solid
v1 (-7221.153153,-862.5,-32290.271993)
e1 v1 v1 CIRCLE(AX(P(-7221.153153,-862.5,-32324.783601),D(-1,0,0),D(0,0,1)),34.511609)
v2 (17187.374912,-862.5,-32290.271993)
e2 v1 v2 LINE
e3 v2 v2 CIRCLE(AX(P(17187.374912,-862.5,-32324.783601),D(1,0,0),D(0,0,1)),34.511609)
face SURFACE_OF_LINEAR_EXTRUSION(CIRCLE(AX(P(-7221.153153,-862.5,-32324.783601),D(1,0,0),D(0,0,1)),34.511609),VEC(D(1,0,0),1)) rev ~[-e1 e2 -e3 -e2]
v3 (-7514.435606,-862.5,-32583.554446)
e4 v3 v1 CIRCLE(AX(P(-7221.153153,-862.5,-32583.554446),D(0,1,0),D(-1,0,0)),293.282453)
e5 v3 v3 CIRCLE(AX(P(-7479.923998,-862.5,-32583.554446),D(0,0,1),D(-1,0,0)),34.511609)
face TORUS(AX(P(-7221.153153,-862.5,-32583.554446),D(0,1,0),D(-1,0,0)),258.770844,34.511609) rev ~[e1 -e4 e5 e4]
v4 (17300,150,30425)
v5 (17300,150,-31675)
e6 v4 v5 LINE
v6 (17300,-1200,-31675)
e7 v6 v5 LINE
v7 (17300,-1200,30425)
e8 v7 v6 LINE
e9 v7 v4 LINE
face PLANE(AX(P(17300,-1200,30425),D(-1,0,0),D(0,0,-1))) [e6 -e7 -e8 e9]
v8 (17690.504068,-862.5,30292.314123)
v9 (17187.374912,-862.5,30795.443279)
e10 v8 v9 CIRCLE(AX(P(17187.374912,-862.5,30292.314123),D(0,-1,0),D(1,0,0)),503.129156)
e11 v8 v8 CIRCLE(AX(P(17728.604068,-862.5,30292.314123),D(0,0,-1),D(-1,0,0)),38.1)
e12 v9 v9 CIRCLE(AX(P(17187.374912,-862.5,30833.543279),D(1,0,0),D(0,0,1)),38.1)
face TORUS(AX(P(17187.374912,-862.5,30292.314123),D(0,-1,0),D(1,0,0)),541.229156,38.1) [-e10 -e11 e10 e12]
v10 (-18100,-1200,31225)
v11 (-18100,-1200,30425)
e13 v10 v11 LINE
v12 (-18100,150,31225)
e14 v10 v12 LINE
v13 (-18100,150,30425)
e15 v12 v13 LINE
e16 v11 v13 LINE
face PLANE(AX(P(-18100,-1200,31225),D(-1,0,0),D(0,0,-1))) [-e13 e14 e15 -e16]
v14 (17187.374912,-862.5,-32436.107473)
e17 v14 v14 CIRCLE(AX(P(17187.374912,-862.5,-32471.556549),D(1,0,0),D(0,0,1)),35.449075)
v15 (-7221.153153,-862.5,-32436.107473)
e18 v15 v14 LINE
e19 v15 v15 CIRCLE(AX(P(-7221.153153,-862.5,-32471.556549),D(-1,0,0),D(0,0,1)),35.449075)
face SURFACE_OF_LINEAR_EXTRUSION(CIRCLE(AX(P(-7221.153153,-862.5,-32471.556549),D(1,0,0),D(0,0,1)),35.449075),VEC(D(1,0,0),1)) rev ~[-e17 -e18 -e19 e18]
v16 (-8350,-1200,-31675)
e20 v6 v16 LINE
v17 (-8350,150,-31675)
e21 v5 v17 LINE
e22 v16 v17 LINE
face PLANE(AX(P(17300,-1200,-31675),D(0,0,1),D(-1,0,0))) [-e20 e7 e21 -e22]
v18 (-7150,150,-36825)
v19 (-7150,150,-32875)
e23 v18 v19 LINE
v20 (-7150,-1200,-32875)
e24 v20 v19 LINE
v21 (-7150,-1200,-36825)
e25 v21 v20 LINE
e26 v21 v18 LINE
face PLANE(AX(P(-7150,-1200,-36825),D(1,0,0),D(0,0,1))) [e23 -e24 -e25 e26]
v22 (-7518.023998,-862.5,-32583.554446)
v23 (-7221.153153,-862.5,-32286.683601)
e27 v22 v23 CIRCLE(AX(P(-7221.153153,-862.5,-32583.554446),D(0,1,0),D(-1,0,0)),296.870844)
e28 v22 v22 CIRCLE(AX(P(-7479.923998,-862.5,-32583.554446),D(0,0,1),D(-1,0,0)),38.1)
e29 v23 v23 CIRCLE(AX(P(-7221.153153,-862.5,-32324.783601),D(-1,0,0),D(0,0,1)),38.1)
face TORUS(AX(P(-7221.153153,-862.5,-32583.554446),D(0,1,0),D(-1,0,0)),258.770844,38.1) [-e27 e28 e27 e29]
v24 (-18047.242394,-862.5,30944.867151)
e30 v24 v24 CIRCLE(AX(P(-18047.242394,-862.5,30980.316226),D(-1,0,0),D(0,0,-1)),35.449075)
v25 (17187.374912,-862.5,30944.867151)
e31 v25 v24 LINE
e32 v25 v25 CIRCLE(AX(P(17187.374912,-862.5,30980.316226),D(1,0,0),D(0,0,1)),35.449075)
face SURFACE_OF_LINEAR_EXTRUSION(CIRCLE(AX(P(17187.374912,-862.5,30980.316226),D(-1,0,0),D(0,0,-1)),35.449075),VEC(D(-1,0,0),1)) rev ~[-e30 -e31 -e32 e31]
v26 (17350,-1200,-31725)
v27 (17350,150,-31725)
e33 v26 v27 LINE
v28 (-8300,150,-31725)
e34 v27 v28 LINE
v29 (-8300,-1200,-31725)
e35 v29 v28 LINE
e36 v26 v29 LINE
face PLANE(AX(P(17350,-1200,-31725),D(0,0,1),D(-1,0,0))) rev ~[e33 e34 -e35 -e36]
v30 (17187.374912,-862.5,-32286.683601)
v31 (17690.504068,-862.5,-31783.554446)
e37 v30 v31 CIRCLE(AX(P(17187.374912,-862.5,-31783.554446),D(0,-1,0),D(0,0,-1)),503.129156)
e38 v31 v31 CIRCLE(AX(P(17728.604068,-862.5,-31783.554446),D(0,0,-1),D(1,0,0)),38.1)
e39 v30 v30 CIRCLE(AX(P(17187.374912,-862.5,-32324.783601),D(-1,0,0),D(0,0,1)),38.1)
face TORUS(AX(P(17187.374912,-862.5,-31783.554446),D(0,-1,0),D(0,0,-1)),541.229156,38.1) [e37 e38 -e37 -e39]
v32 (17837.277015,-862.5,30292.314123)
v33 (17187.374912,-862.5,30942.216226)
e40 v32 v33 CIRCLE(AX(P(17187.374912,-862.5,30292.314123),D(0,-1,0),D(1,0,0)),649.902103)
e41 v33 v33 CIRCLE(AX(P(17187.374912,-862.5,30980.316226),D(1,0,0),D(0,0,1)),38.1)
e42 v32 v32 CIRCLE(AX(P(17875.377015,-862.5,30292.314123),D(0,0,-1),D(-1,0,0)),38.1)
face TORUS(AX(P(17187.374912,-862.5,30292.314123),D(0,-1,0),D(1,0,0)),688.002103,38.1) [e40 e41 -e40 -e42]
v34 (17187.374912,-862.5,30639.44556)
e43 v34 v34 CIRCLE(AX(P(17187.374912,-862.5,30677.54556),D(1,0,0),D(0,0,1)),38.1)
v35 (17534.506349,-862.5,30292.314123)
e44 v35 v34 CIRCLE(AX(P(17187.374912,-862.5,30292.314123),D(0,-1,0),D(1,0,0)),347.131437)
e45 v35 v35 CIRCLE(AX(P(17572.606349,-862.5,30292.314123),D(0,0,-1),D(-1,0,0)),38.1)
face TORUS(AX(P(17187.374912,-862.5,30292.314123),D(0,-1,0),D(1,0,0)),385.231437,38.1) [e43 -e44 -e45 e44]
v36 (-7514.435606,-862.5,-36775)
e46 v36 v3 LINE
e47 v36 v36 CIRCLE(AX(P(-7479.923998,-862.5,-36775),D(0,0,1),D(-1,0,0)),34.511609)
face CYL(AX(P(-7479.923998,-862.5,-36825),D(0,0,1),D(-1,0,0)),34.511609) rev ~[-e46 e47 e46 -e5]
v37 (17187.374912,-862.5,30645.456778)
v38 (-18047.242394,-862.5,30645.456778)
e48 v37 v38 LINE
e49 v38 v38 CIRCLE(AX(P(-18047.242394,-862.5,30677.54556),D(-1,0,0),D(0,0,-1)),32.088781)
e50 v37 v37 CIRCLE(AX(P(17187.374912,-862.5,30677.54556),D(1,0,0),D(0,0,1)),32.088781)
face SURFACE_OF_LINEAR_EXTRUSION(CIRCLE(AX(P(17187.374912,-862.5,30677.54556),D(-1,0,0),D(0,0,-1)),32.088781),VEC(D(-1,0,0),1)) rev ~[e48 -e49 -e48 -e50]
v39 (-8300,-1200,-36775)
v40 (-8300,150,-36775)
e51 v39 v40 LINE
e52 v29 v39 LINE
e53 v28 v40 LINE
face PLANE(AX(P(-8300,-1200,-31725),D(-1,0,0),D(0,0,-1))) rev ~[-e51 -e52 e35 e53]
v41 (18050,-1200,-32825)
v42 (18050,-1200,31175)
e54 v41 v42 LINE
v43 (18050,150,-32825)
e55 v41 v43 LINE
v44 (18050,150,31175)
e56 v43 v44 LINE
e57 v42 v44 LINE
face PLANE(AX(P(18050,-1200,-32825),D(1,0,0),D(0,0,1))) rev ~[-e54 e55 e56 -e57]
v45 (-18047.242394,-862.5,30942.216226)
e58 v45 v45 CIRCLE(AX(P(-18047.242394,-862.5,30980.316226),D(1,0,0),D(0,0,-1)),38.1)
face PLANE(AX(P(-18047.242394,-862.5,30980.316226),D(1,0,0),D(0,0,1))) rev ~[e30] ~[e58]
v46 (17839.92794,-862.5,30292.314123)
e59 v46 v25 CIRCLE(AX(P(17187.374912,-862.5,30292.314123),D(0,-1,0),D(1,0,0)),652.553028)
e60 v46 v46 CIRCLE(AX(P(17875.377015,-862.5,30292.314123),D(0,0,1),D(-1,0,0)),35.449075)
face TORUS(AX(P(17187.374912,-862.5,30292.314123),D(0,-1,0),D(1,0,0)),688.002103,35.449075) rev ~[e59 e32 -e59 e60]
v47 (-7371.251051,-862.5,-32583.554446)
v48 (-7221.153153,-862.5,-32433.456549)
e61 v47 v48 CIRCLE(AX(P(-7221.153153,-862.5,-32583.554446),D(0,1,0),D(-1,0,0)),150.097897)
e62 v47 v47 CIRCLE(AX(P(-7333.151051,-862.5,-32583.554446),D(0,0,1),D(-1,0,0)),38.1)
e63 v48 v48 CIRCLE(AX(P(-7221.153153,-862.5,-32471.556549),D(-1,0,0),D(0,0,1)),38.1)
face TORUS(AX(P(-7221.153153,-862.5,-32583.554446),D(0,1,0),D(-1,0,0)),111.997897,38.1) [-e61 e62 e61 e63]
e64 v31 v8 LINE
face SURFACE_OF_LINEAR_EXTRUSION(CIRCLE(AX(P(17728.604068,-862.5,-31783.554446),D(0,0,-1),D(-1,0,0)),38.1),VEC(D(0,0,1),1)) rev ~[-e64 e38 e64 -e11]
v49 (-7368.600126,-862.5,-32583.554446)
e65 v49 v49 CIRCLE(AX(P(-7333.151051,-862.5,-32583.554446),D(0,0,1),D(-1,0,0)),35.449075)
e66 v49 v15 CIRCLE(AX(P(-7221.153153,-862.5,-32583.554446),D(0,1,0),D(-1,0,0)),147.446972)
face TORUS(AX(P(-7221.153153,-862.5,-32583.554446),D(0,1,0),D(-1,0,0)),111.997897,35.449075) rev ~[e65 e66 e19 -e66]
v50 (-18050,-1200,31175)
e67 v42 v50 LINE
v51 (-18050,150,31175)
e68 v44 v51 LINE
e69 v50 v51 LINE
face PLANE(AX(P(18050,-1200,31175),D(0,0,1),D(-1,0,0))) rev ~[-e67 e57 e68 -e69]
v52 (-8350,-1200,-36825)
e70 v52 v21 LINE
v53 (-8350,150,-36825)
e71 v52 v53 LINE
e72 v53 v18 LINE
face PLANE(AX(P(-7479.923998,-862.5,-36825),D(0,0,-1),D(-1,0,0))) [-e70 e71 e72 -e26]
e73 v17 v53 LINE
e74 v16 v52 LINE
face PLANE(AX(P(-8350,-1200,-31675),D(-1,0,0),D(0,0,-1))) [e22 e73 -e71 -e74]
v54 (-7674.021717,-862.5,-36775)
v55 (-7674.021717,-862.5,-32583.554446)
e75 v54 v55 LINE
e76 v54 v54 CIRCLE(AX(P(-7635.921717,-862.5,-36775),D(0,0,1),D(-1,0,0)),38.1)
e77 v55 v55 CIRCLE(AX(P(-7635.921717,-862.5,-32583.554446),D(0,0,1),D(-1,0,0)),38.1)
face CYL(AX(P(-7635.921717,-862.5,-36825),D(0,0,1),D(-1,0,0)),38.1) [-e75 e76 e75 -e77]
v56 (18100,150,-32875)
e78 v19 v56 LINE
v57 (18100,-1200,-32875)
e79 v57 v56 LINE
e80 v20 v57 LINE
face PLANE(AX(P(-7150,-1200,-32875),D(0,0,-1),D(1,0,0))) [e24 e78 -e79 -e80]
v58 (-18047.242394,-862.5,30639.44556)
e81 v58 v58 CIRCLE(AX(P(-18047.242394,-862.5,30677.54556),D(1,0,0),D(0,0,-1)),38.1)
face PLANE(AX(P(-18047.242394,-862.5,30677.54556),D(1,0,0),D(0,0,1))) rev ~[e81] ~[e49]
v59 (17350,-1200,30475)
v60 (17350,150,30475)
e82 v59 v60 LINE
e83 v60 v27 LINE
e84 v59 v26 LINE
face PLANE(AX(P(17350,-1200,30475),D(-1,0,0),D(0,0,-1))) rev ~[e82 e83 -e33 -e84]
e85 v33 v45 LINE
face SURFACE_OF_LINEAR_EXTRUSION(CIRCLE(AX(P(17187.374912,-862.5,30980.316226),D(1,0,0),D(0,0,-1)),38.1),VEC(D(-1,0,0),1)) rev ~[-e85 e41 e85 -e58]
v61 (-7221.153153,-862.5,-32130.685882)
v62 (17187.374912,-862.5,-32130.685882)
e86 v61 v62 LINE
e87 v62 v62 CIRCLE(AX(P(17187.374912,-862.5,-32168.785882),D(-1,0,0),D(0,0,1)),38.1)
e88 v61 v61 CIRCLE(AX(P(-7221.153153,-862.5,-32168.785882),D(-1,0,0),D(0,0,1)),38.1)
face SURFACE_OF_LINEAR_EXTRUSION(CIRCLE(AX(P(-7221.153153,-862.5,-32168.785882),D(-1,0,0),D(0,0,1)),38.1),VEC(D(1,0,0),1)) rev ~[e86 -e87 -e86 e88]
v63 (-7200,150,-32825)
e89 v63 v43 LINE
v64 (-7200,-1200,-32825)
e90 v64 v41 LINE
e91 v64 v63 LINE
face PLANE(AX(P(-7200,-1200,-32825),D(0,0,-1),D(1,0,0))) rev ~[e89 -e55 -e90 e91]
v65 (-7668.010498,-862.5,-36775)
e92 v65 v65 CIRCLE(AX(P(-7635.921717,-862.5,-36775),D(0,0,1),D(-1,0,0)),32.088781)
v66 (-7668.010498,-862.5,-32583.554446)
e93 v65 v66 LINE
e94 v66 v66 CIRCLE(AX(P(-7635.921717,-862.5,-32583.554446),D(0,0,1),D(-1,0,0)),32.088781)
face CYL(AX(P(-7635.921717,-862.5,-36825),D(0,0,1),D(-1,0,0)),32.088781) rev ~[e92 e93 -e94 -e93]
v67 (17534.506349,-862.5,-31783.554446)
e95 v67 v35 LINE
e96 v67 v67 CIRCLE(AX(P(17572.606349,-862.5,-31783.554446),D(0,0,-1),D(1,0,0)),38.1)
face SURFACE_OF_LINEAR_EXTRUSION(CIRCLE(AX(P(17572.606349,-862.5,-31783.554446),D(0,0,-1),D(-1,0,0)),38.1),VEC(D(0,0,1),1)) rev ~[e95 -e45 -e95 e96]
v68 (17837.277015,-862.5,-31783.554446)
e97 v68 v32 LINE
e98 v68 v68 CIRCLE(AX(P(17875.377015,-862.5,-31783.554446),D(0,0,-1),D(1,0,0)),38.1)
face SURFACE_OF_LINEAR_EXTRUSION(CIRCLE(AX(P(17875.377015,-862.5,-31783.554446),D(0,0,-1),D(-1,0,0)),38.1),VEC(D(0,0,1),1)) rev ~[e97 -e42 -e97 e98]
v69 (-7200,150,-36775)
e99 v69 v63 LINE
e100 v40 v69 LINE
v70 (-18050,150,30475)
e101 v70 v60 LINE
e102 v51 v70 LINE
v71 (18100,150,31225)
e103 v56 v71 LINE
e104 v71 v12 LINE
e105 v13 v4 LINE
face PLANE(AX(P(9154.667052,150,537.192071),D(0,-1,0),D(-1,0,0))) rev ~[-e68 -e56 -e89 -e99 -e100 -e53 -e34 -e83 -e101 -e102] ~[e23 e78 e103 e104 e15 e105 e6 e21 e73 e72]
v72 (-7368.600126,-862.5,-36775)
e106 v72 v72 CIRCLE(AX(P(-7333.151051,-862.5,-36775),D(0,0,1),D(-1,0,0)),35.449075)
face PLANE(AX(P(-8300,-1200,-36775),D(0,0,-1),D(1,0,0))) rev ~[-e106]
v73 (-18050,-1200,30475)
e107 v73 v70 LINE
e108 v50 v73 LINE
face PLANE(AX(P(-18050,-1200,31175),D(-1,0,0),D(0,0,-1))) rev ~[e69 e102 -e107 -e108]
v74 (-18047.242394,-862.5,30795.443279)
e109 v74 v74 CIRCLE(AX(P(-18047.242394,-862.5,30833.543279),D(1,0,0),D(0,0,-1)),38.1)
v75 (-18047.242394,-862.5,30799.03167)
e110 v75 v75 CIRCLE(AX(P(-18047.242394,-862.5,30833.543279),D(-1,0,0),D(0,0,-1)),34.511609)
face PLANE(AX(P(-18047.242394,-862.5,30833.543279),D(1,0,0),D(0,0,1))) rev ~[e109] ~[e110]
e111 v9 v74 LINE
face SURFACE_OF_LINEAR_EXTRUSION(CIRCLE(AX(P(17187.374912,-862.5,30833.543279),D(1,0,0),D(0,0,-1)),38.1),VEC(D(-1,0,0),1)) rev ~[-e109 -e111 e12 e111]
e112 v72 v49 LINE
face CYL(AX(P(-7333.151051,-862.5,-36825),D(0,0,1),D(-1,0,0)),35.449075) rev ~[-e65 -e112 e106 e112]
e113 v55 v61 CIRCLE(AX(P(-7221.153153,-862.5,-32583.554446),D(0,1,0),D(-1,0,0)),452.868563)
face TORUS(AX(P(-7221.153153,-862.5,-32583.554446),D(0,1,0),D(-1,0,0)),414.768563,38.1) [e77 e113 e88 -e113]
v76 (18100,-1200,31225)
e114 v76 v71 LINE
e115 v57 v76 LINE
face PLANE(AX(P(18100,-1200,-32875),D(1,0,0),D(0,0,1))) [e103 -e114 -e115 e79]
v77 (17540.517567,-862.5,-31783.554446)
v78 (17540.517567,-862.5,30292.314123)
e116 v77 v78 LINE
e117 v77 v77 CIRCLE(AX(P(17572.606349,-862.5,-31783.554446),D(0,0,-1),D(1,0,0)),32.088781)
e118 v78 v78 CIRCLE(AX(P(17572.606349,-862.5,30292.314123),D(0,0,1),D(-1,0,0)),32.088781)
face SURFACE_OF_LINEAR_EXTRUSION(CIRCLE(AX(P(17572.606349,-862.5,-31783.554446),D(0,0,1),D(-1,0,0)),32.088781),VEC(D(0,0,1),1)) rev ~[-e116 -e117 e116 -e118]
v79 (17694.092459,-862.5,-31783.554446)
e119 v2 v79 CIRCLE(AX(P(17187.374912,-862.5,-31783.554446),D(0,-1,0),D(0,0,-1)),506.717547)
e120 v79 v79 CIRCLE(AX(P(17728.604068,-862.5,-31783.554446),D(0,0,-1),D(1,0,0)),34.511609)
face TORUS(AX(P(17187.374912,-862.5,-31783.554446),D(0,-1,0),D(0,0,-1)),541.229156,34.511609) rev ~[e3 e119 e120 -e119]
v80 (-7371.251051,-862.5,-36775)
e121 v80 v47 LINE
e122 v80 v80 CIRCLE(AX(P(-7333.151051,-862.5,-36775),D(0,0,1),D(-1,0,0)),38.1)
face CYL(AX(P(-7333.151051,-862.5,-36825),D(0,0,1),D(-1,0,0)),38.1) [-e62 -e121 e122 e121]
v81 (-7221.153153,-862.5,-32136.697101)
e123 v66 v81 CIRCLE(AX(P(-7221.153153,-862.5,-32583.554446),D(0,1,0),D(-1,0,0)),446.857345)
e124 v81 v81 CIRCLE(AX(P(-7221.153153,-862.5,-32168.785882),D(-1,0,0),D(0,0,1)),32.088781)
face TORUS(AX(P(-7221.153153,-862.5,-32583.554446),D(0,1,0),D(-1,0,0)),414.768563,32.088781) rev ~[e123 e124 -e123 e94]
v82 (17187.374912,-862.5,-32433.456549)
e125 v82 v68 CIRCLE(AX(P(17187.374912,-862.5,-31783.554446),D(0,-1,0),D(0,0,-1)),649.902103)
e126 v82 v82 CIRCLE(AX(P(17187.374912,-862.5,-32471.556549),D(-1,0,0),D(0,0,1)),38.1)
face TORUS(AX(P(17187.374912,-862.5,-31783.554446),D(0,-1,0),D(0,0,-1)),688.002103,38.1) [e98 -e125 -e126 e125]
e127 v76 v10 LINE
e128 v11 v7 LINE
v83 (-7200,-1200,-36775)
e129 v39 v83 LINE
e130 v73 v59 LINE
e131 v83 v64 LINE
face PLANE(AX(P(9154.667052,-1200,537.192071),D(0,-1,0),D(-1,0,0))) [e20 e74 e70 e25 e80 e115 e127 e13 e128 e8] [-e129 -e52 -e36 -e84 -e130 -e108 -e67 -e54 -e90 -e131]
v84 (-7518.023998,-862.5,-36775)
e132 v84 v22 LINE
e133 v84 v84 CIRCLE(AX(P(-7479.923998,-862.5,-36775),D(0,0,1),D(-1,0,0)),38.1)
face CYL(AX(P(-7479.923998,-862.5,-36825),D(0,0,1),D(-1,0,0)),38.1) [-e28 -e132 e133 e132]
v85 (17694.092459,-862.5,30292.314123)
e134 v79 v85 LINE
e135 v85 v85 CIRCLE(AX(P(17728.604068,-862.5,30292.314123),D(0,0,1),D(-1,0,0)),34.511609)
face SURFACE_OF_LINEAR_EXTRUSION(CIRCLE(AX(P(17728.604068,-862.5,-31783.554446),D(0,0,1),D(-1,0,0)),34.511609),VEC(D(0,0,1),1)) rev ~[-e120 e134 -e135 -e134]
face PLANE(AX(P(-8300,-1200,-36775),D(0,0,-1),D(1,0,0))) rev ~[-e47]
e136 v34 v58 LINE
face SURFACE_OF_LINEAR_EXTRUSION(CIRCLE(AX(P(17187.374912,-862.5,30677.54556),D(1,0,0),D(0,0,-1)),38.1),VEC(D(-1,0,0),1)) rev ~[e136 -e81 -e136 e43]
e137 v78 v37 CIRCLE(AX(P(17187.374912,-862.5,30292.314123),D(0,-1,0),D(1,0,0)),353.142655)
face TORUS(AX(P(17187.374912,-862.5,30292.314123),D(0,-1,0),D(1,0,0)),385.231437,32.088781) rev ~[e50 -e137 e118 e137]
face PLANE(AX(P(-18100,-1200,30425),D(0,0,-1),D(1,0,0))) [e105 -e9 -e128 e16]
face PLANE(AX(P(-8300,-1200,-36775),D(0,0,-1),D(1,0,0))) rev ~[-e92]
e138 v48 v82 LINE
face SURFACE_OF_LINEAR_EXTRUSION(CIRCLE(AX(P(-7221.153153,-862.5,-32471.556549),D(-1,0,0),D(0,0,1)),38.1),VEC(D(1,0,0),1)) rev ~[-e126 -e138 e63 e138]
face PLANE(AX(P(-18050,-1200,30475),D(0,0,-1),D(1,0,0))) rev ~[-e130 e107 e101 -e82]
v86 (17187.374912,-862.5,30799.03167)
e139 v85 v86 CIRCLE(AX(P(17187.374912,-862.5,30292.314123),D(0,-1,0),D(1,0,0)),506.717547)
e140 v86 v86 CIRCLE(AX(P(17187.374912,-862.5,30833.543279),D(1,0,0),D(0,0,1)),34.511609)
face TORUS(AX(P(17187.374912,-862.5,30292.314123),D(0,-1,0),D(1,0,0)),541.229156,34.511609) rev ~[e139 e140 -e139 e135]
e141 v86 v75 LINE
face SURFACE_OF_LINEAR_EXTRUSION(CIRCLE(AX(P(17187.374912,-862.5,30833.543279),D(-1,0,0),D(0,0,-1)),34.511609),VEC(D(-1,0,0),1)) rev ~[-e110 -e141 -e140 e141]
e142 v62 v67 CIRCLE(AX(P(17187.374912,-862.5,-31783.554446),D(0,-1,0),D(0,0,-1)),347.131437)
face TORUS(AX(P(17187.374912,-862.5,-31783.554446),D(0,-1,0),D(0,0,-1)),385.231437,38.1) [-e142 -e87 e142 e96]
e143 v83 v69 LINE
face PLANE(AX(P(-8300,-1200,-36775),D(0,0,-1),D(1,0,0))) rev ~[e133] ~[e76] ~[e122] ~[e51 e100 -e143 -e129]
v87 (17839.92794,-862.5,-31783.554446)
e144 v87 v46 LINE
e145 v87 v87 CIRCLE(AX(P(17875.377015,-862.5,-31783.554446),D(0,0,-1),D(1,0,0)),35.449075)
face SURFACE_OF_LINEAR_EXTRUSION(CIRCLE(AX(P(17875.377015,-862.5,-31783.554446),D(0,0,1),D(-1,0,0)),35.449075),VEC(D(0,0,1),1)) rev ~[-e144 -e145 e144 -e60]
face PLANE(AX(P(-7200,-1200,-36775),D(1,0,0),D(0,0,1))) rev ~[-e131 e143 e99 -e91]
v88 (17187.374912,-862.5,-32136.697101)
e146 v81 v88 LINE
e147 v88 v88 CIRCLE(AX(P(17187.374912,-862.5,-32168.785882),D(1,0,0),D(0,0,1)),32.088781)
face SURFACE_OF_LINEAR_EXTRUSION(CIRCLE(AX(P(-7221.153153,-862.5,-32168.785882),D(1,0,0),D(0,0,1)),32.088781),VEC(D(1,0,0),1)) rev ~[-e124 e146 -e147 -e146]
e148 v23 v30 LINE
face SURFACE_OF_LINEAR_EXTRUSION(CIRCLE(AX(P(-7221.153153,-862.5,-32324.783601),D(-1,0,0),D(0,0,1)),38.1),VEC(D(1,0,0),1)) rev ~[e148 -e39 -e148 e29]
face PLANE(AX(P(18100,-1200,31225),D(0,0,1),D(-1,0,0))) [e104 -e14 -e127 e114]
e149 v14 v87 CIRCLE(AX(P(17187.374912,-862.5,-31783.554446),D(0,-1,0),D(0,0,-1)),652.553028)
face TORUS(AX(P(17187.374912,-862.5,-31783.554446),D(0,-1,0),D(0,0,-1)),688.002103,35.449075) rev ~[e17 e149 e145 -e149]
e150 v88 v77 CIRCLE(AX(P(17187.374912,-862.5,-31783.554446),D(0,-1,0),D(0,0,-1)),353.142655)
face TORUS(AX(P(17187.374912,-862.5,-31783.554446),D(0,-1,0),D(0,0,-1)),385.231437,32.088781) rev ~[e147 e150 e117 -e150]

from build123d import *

# Parameters (mm, degrees)
SALIENTE_EXTRUIR1_DEPTH      = 150
SALIENTE_EXTRUIR1_DEPTH_BACK = 1200
CROQUIS3_R                   = 38.1
CROQUIS3_R_2                 = 34.511608593
CROQUIS3_R_3                 = 35.449075263
CROQUIS3_R_4                 = 32.088781466


with BuildPart() as part:
    # Croquis1 → Saliente-Extruir1 (new, two sides: drawn at the far end of the back side and taken through both)
    with BuildSketch(Plane(origin=(0, 0, 0), x_dir=(1, 0, 0), z_dir=(0, 1, 0)).offset(-SALIENTE_EXTRUIR1_DEPTH_BACK)):
        Polygon((-7150, 36825), (-7150, 32875), (18100, 32875), (18100, -31225), (-18100, -31225), (-18100, -30425), (17300, -30425), (17300, 31675), (-8350, 31675), (-8350, 36825), align=None)
        Polygon((18050, 32825), (18050, -31175), (-18050, -31175), (-18050, -30475), (17350, -30475), (17350, 31725), (-8300, 31725), (-8300, 36775), (-7200, 36775), (-7200, 32825), align=None, mode=Mode.SUBTRACT)
    extrude(amount=SALIENTE_EXTRUIR1_DEPTH + SALIENTE_EXTRUIR1_DEPTH_BACK)

    # Barrer2: sweep along a curve in space
    with BuildLine() as barrer2_path:
        Line((-7621.153153473, -862.5, -36825), (-7621.153153473, -862.5, -32583.554445635))
        ThreePointArc((-7621.153153473, -862.5, -32583.554445635), (-7503.995865948, -862.5, -32300.71173316), (-7221.153153473, -862.5, -32183.554445635))
        Line((-7221.153153473, -862.5, -32183.554445635), (17187.374912219, -862.5, -32183.554445635))
        ThreePointArc((17187.374912219, -862.5, -32183.554445635), (17470.217624693, -862.5, -32066.39715811), (17587.374912219, -862.5, -31783.554445635))
        Line((17587.374912219, -862.5, -31783.554445635), (17587.374912219, -862.5, 30292.314123157))
        ThreePointArc((17587.374912219, -862.5, 30292.314123157), (17470.217624693, -862.5, 30575.156835631), (17187.374912219, -862.5, 30692.314123157))
        Line((17187.374912219, -862.5, 30692.314123157), (-18047.242394096, -862.5, 30692.314123157))
    # Croquis3 → Barrer2 (sweep)
    # profile 1 of 3: a face of its own
    with BuildSketch(Plane(origin=(0, 0, -36825), x_dir=(-1, 0, 0), z_dir=(0, 0, -1))):
        with Locations((7479.923997875, -862.5)):
            Circle(CROQUIS3_R)
        with Locations((7479.923997875, -862.5)):
            Circle(CROQUIS3_R_2, mode=Mode.SUBTRACT)
    # profile 2 of 3: a face of its own
    with BuildSketch(Plane(origin=(0, 0, -36825), x_dir=(-1, 0, 0), z_dir=(0, 0, -1))):
        with Locations((7333.151050513, -862.5)):
            Circle(CROQUIS3_R)
        with Locations((7333.151050513, -862.5)):
            Circle(CROQUIS3_R_3, mode=Mode.SUBTRACT)
    # profile 3 of 3: a face of its own
    with BuildSketch(Plane(origin=(0, 0, -36825), x_dir=(-1, 0, 0), z_dir=(0, 0, -1))):
        with Locations((7635.921716819, -862.5)):
            Circle(CROQUIS3_R)
        with Locations((7635.921716819, -862.5)):
            Circle(CROQUIS3_R_4, mode=Mode.SUBTRACT)
    sweep(path=barrer2_path.line)


solid = part.part
